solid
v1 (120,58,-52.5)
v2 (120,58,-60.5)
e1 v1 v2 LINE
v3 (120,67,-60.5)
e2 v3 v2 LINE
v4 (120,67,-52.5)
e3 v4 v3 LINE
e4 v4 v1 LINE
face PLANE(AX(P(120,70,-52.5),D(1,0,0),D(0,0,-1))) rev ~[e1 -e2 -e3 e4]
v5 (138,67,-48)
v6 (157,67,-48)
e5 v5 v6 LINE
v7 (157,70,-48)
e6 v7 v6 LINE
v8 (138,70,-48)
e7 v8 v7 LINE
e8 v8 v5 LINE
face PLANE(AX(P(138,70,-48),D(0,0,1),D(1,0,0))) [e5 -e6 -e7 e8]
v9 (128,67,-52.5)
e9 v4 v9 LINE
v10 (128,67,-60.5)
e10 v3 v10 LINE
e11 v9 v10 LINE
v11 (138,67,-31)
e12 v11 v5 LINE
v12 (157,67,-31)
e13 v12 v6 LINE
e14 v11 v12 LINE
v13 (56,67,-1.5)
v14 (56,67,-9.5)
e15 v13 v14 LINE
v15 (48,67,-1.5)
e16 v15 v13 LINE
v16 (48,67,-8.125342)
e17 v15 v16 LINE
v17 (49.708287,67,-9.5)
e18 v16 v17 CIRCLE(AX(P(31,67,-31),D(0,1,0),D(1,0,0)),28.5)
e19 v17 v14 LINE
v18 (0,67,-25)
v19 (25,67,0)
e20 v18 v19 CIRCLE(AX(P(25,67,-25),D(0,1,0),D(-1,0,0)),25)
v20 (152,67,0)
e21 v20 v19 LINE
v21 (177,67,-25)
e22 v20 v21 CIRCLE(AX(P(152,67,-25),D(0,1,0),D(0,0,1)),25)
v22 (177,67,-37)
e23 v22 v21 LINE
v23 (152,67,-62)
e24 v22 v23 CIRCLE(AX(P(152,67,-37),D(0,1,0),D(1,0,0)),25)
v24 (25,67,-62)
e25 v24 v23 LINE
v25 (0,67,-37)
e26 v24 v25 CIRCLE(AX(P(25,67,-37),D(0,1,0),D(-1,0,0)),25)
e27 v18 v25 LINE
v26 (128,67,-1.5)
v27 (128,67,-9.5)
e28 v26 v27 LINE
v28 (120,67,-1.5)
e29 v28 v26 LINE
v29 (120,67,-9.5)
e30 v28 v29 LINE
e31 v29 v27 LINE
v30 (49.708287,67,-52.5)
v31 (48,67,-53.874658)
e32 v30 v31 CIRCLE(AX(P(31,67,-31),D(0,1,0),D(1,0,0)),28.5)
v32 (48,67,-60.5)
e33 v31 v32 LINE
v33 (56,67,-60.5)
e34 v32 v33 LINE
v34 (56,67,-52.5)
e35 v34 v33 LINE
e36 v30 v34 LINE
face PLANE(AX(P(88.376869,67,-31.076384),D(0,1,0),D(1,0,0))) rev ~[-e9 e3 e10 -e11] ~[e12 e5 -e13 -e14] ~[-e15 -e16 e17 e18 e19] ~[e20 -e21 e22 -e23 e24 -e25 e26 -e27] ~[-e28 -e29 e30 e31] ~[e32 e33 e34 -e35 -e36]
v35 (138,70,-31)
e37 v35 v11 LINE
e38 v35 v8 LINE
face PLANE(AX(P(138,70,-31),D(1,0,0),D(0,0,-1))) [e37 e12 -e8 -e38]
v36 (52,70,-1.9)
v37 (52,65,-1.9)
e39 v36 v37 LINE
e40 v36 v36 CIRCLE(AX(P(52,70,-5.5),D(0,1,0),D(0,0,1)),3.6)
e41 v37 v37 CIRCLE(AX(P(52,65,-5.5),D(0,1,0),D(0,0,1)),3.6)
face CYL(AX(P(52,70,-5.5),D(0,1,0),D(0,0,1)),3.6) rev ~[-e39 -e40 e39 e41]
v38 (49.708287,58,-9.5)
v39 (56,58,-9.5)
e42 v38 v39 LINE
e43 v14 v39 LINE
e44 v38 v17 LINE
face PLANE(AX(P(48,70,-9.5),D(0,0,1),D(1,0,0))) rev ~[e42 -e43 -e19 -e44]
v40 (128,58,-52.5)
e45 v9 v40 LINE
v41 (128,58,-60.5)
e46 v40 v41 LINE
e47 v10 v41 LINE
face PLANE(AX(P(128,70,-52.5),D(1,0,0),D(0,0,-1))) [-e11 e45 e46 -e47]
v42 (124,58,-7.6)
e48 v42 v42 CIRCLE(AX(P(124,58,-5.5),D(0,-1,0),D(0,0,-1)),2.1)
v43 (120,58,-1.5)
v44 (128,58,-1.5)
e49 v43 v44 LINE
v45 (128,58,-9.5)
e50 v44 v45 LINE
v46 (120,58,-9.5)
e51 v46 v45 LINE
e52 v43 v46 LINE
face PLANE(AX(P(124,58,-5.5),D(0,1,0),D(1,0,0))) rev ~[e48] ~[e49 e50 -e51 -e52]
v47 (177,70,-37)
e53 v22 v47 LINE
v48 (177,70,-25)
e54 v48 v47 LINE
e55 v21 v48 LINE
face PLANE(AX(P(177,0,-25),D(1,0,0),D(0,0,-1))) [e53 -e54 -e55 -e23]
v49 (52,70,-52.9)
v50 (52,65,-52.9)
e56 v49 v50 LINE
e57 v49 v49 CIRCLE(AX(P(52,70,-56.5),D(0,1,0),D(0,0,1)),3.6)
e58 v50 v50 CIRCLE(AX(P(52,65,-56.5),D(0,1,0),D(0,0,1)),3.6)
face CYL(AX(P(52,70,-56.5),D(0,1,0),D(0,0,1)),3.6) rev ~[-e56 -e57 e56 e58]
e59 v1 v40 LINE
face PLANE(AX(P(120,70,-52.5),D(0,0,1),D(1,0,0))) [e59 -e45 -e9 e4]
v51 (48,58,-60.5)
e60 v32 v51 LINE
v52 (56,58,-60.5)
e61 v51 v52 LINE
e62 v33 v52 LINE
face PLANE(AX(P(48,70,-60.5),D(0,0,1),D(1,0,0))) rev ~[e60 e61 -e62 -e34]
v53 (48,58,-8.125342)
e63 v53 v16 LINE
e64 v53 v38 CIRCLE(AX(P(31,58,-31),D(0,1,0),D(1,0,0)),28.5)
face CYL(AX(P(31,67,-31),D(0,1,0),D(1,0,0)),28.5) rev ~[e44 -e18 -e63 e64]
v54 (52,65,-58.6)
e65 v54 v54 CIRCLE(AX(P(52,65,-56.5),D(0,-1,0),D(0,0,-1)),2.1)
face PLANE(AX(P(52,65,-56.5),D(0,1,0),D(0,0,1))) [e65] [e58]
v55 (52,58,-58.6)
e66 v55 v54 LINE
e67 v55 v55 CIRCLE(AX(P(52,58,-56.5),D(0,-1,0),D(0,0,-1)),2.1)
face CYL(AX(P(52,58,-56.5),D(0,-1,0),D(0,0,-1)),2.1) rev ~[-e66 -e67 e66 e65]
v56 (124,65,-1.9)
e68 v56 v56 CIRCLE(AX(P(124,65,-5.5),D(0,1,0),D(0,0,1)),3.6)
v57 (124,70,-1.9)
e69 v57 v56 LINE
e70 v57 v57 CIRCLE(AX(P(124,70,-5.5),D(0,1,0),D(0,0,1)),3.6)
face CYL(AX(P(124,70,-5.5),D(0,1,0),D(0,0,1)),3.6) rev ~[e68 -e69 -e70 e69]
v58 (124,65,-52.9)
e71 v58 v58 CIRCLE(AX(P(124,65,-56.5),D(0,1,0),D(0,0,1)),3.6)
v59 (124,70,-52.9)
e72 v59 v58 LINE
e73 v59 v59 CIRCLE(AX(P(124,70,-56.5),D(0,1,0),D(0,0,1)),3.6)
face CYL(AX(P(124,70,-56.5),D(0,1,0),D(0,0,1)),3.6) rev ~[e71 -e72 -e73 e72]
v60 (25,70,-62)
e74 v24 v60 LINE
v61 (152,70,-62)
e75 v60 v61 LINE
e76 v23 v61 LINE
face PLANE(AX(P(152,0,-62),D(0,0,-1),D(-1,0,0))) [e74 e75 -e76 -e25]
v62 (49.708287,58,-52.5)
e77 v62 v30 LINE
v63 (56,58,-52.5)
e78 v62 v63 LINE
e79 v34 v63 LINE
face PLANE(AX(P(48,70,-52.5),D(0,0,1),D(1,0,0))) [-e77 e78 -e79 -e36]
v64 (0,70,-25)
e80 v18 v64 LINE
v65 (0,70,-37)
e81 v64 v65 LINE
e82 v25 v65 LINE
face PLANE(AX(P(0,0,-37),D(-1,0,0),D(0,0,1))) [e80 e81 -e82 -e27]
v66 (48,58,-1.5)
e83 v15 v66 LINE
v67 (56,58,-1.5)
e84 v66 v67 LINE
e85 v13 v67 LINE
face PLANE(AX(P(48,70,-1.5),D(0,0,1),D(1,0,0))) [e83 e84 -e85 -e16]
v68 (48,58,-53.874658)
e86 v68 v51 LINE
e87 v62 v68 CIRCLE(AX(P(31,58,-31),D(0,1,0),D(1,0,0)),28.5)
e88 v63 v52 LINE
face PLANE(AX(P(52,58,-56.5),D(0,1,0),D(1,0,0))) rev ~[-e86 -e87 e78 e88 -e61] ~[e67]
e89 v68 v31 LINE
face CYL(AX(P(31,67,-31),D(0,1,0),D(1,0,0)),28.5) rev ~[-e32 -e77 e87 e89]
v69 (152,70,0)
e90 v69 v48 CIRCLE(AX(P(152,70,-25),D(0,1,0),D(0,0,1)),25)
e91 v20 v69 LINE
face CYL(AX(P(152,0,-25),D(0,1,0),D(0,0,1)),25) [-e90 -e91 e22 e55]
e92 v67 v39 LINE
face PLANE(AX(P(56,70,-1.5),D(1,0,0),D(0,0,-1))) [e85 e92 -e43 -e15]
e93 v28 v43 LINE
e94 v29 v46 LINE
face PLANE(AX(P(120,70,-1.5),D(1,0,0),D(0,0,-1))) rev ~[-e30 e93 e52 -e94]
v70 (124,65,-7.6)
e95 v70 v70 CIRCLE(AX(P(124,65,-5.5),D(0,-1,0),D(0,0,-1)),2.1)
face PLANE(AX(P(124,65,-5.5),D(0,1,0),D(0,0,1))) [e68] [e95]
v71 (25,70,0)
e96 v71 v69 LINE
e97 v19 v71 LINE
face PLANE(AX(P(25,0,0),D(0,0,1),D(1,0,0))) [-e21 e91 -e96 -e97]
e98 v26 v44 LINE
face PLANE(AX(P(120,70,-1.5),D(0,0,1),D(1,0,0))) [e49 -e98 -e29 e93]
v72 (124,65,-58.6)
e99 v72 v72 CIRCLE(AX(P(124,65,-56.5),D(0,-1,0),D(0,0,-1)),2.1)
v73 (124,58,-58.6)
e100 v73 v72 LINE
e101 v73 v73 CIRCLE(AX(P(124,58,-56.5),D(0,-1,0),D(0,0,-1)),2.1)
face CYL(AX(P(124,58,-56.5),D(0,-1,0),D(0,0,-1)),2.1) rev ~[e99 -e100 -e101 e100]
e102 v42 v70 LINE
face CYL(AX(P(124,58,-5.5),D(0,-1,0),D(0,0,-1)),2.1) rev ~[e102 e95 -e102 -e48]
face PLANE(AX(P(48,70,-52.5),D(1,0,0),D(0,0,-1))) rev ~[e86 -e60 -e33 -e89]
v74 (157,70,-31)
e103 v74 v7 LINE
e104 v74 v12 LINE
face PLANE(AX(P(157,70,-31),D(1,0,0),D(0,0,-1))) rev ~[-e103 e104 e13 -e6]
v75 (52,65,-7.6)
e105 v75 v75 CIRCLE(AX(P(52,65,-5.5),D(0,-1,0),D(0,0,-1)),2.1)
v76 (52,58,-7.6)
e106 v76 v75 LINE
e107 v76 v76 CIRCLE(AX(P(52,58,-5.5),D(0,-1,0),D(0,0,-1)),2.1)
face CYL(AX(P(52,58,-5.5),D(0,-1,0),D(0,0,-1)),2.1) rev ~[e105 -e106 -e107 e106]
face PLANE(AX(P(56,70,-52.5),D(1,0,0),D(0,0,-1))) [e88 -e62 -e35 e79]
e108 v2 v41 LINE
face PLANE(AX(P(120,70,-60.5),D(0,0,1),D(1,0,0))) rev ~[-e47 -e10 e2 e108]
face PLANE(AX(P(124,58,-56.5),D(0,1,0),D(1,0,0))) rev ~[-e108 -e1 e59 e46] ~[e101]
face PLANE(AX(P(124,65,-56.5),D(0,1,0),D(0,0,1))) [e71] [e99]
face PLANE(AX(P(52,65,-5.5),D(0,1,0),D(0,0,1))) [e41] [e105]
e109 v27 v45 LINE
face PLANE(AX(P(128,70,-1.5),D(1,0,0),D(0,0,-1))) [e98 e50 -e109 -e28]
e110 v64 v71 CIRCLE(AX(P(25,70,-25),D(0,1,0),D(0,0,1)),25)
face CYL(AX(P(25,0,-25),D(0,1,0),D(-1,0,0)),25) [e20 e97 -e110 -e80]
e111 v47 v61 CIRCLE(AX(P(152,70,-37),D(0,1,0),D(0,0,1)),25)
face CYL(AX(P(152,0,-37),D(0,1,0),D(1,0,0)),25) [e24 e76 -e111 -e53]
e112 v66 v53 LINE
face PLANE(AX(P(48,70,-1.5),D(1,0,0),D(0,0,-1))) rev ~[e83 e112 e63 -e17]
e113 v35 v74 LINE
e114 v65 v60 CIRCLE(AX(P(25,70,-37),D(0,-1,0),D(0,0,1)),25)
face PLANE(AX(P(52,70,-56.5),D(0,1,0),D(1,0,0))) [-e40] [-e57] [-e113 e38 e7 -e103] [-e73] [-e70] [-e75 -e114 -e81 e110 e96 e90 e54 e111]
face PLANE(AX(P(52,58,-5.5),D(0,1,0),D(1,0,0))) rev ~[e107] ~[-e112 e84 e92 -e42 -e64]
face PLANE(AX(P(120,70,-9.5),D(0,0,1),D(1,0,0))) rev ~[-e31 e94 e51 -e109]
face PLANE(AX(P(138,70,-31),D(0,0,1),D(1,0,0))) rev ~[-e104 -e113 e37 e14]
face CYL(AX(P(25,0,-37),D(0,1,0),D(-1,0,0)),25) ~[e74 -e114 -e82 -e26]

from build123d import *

# Parameters (mm, degrees)
SKETCH1_W                = 177
SKETCH1_H                = 62
BOSS_EXTRUDE1_DEPTH      = 70
FILLET1_R                = 25
SKETCH3_W                = 19
SKETCH3_H                = 17
CUT_EXTRUDE1_DEPTH       = 70
CUT_EXTRUDE5_DEPTH       = 64
BOSS_EXTRUDE7_DEPTH      = 33
SKETCH16_W               = 5
SKETCH16_H               = 5
BOSS_EXTRUDE8_DEPTH      = 40
SKETCH11_R               = 25
CUT_EXTRUDE9_DEPTH       = 5.5
SKETCH22_R               = 28.5
BOSS_EXTRUDE20_DEPTH     = 21
BOSS_EXTRUDE21_DEPTH     = 10
BOSS_EXTRUDE22_DEPTH     = 40
SKETCH26_R               = 25
SKETCH26_W               = 19
SKETCH26_H               = 17
BOSS_EXTRUDE23_DEPTH     = 1
SKETCH27_W               = 40
SKETCH27_H               = 10
CUT_EXTRUDE12_DEPTH      = 10
SKETCH28_W               = 10
SKETCH28_H               = 10
CUT_EXTRUDE13_DEPTH      = 5
SKETCH30_W               = 194.337314874
SKETCH30_H               = 68.122542634
CUT_EXTRUDE14_DEPTH      = 0.1
CUT_EXTRUDE17_DEPTH      = 58
CUT_EXTRUDE17_DEPTH_BACK = 45
SKETCH26_3_R             = 25
SKETCH26_3_W             = 19
SKETCH26_3_H             = 17
CUT_EXTRUDE25_START      = -21.9
CUT_EXTRUDE25_DEPTH      = 21.9
SKETCH38_W               = 8
SKETCH38_H               = 8
BOSS_EXTRUDE26_DEPTH     = 12
SKETCH41_R               = 3.6
CUT_EXTRUDE28_DEPTH      = 5
SKETCH44_R               = 2.1
CUT_EXTRUDE29_DEPTH      = 8
CUT_EXTRUDE30_START      = -3
SKETCH22_2_R             = 28.5
CUT_EXTRUDE30_DEPTH      = 40
SKETCH45_W               = 19.955287375
SKETCH45_H               = 24.166036088
CUT_EXTRUDE31_DEPTH      = 112


with BuildPart() as part:
    # Sketch1 → Boss-Extrude1 (new body)
    with BuildSketch(Plane(origin=(0, 0, 0), x_dir=(1, 0, 0), z_dir=(0, 1, 0))):
        with Locations((88.5, 31)):
            Rectangle(SKETCH1_W, SKETCH1_H)
    extrude(amount=BOSS_EXTRUDE1_DEPTH)

    # Fillet1
    fillet1_edges = [part.edges().sort_by_distance(p)[0] for p in [
        (0, 35, -62),
        (177, 35, -62),
        (177, 35, 0),
        (0, 35, 0),
    ]]
    fillet(fillet1_edges, radius=FILLET1_R)

    # Sketch3 → Cut-Extrude1 (cut)
    with BuildSketch(Plane(origin=(0, 70, 0), x_dir=(1, 0, 0), z_dir=(0, 1, 0))):
        with Locations((147.5, 39.5)):
            Rectangle(SKETCH3_W, SKETCH3_H)
    extrude(amount=-CUT_EXTRUDE1_DEPTH, mode=Mode.SUBTRACT)

    # Sketch9 → Cut-Extrude5 (cut)
    with BuildSketch(Plane(origin=(0, 67, 0), x_dir=(1, 0, 0), z_dir=(0, 1, 0))):
        with BuildLine():
            Line((25, 59), (152, 59))
            ThreePointArc((152, 59), (167.556349186, 52.556349186), (174, 37))
            Line((174, 37), (174, 25))
            ThreePointArc((174, 25), (167.556349186, 9.443650814), (152, 3))
            Line((152, 3), (25, 3))
            ThreePointArc((25, 3), (9.443650814, 9.443650814), (3, 25))
            Line((3, 25), (3, 37))
            ThreePointArc((3, 37), (9.443650814, 52.556349186), (25, 59))
        make_face()
    extrude(amount=-CUT_EXTRUDE5_DEPTH, mode=Mode.SUBTRACT)

    # Sketch15 → Boss-Extrude7 (add)
    with BuildSketch(Plane.XZ):
        Polygon((125, -7), (121, -3), (119, -3), (119, -7.5), (125, -7.5), align=None)
        Polygon((137, -7), (137, -7.5), (143, -7.5), (143, -3), (141, -3), align=None)
    extrude(amount=-BOSS_EXTRUDE7_DEPTH)

    # Sketch16 → Boss-Extrude8 (add)
    with BuildSketch(Plane.XZ):
        with Locations((58.5, -5.5)):
            Rectangle(SKETCH16_W, SKETCH16_H)
        Polygon((61, -40.5), (61, -44), (101, -44), (101, -40.5), (106, -40.5), (106, -59), (56, -59), (56, -40.5), align=None)
        with Locations((104.5, -5.5)):
            Rectangle(SKETCH16_W, SKETCH16_H)
    extrude(amount=-BOSS_EXTRUDE8_DEPTH)

    # Sketch11 → Cut-Extrude9 (cut)
    with BuildSketch(Plane.XZ):
        with Locations(Location((31, -31, 0), (0, 0, 270))):
            Circle(SKETCH11_R)
    extrude(amount=-CUT_EXTRUDE9_DEPTH, mode=Mode.SUBTRACT)

    # Sketch22 → Boss-Extrude20 (add)
    with BuildSketch(Plane(origin=(0, 70, 0), x_dir=(1, 0, 0), z_dir=(0, 1, 0))):
        with Locations((31, 31)):
            Circle(SKETCH22_R)
    extrude(amount=-BOSS_EXTRUDE20_DEPTH)

    # Sketch24 → Boss-Extrude21 (add)
    with BuildSketch(Plane.XZ):
        Polygon((123.5, -7.5), (125, -7.5), (125, -29.5), (137, -29.5), (137, -7.5), (138.5, -7.5), (138.5, -35.5), (123.5, -35.5), align=None)
    extrude(amount=-BOSS_EXTRUDE21_DEPTH)

    # Sketch25 → Boss-Extrude22 (add)
    with BuildSketch(Plane.XZ):
        Polygon((134.5, -35.5), (134.5, -31.5), (124.5, -31.5), (124.5, -45.5), (128.5, -45.5), (128.5, -35.5), align=None)
        Polygon((160.5, -35.5), (166.5, -35.5), (166.5, -45.5), (170.5, -45.5), (170.5, -31.5), (160.5, -31.5), align=None)
    extrude(amount=-BOSS_EXTRUDE22_DEPTH)

    # Sketch26 → Boss-Extrude23 (add)
    with BuildSketch(Plane.XZ):
        with BuildLine():
            Line((25, 0), (152, 0))
            ThreePointArc((152, 0), (169.67766953, -7.32233047), (177, -25))
            Line((177, -25), (177, -37))
            ThreePointArc((177, -37), (169.67766953, -54.67766953), (152, -62))
            Line((152, -62), (25, -62))
            ThreePointArc((25, -62), (7.32233047, -54.67766953), (0, -37))
            Line((0, -37), (0, -25))
            ThreePointArc((0, -25), (7.32233047, -7.32233047), (25, 0))
        make_face()
        with Locations(Location((31, -31, 0), (0, 0, 270))):
            Circle(SKETCH26_R, mode=Mode.SUBTRACT)
        with Locations((147.5, -39.5)):
            Rectangle(SKETCH26_W, SKETCH26_H, mode=Mode.SUBTRACT)
    extrude(amount=BOSS_EXTRUDE23_DEPTH)

    # Sketch27 → Cut-Extrude12 (cut)
    with BuildSketch(Plane.ZY):
        with Locations((-31, 34.5)):
            Rectangle(SKETCH27_W, SKETCH27_H)
    extrude(amount=-CUT_EXTRUDE12_DEPTH, mode=Mode.SUBTRACT)

    # Sketch28 → Cut-Extrude13 (cut)
    with BuildSketch(Plane.XZ.offset(1)):
        with Locations((115, -54)):
            Rectangle(SKETCH28_W, SKETCH28_H)
    extrude(amount=-CUT_EXTRUDE13_DEPTH, mode=Mode.SUBTRACT)

    # Sketch30 → Cut-Extrude14 (cut)
    with BuildSketch(Plane(origin=(0, 67, 0), x_dir=(1, 0, 0), z_dir=(0, 1, 0))):
        with Locations((88.376869027, 31.076383763)):
            Rectangle(SKETCH30_W, SKETCH30_H)
        with BuildLine():
            Line((25, 58), (152, 58))
            ThreePointArc((152, 58), (166.849242405, 51.849242405), (173, 37))
            Line((173, 37), (173, 25))
            ThreePointArc((173, 25), (166.849242405, 10.150757595), (152, 4))
            Line((152, 4), (25, 4))
            ThreePointArc((25, 4), (10.150757595, 10.150757595), (4, 25))
            Line((4, 25), (4, 37))
            ThreePointArc((4, 37), (10.150757595, 51.849242405), (25, 58))
        make_face(mode=Mode.SUBTRACT)
    extrude(amount=-CUT_EXTRUDE14_DEPTH, mode=Mode.SUBTRACT)

    # Sketch26<3> → Cut-Extrude17 (cut, two sides: drawn at the far end of the back side and taken through both)
    with BuildSketch(Plane.XZ.offset(-CUT_EXTRUDE17_DEPTH_BACK)):
        with BuildLine():
            Line((25, 0), (152, 0))
            ThreePointArc((152, 0), (169.67766953, -7.32233047), (177, -25))
            Line((177, -25), (177, -37))
            ThreePointArc((177, -37), (169.67766953, -54.67766953), (152, -62))
            Line((152, -62), (25, -62))
            ThreePointArc((25, -62), (7.32233047, -54.67766953), (0, -37))
            Line((0, -37), (0, -25))
            ThreePointArc((0, -25), (7.32233047, -7.32233047), (25, 0))
        make_face()
        with Locations((31, -31)):
            Circle(SKETCH26_3_R, mode=Mode.SUBTRACT)
        with Locations((147.5, -39.5)):
            Rectangle(SKETCH26_3_W, SKETCH26_3_H, mode=Mode.SUBTRACT)
    extrude(amount=CUT_EXTRUDE17_DEPTH + CUT_EXTRUDE17_DEPTH_BACK, mode=Mode.SUBTRACT)


with BuildPart() as cut_extrude17_piece_1:
    # of the separate pieces the step leaves, piece 1, a body of its own (cut_extrude17_pieces)
    add(part.part.solids().sort_by_distance((25, 70, 0))[0])

    # Sketch36 → Cut-Extrude25 (cut)
    with BuildSketch(Plane.XZ.offset(-45).offset(CUT_EXTRUDE25_START)):
        with BuildLine():
            Line((152, 0), (25, 0))
            ThreePointArc((25, 0), (7.32233047, -7.32233047), (0, -25))
            Line((0, -25), (0, -37))
            ThreePointArc((0, -37), (7.32233047, -54.67766953), (25, -62))
            Line((25, -62), (152, -62))
            ThreePointArc((152, -62), (169.67766953, -54.67766953), (177, -37))
            Line((177, -37), (177, -25))
            ThreePointArc((177, -25), (169.67766953, -7.32233047), (152, 0))
        make_face()
        with BuildLine():
            ThreePointArc((3, -25), (9.443650814, -9.443650814), (25, -3))
            Line((25, -3), (152, -3))
            ThreePointArc((152, -3), (167.556349186, -9.443650814), (174, -25))
            Line((174, -25), (174, -37))
            ThreePointArc((174, -37), (167.556349186, -52.556349186), (152, -59))
            Line((152, -59), (25.684927094, -59))
            ThreePointArc((25.684927094, -59), (9.884563828, -52.596687732), (3, -37))
            Line((3, -37), (3, -25))
        make_face(mode=Mode.SUBTRACT)
    extrude(amount=CUT_EXTRUDE25_DEPTH, mode=Mode.SUBTRACT)

    # Sketch38 → Boss-Extrude26 (add)
    with BuildSketch(Plane(origin=(0, 70, 0), x_dir=(1, 0, 0), z_dir=(0, 1, 0))):
        with Locations((52, 56.5)):
            Rectangle(SKETCH38_W, SKETCH38_H)
        with Locations((124, 56.5)):
            Rectangle(SKETCH38_W, SKETCH38_H)
        with Locations((52, 5.5)):
            Rectangle(SKETCH38_W, SKETCH38_H)
        with Locations((124, 5.5)):
            Rectangle(SKETCH38_W, SKETCH38_H)
    extrude(amount=-BOSS_EXTRUDE26_DEPTH)

    # Sketch41 → Cut-Extrude28 (cut)
    with BuildSketch(Plane(origin=(0, 70, 0), x_dir=(1, 0, 0), z_dir=(0, 1, 0))):
        with Locations(Location((52, 56.5, 0), (0, 0, 270))):
            Circle(SKETCH41_R)
        with Locations(Location((124, 56.5, 0), (0, 0, 270))):
            Circle(SKETCH41_R)
        with Locations(Location((52, 5.5, 0), (0, 0, 270))):
            Circle(SKETCH41_R)
        with Locations(Location((124, 5.5, 0), (0, 0, 270))):
            Circle(SKETCH41_R)
    extrude(amount=-CUT_EXTRUDE28_DEPTH, mode=Mode.SUBTRACT)

    # Sketch44 → Cut-Extrude29 (cut)
    with BuildSketch(Plane.XZ.offset(-58)):
        with Locations(Location((52, -5.5, 0), (0, 0, 270))):
            Circle(SKETCH44_R)
        with Locations(Location((124, -56.5, 0), (0, 0, 270))):
            Circle(SKETCH44_R)
        with Locations(Location((52, -56.5, 0), (0, 0, 270))):
            Circle(SKETCH44_R)
        with Locations(Location((124, -5.5, 0), (0, 0, 270))):
            Circle(SKETCH44_R)
    extrude(amount=-CUT_EXTRUDE29_DEPTH, mode=Mode.SUBTRACT)

    # Sketch22<2> → Cut-Extrude30 (cut)
    with BuildSketch(Plane(origin=(0, 70, 0), x_dir=(1, 0, 0), z_dir=(0, 1, 0)).offset(CUT_EXTRUDE30_START)):
        with Locations((31, 31)):
            Circle(SKETCH22_2_R)
    extrude(amount=-CUT_EXTRUDE30_DEPTH, mode=Mode.SUBTRACT)


with BuildPart() as cut_extrude17_piece_2:
    # of the separate pieces the step leaves, piece 2, a body of its own (cut_extrude17_pieces)
    add(part.part.solids().sort_by_distance((138.5, 0, -35.5))[0])

    # Sketch45 → Cut-Extrude31 (cut)
    with BuildSketch(Plane.XZ.offset(-67)):
        with Locations((142.415891121, -34.661520619)):
            Rectangle(SKETCH45_W, SKETCH45_H)
    extrude(amount=CUT_EXTRUDE31_DEPTH, mode=Mode.SUBTRACT)


solid = cut_extrude17_piece_1.part
